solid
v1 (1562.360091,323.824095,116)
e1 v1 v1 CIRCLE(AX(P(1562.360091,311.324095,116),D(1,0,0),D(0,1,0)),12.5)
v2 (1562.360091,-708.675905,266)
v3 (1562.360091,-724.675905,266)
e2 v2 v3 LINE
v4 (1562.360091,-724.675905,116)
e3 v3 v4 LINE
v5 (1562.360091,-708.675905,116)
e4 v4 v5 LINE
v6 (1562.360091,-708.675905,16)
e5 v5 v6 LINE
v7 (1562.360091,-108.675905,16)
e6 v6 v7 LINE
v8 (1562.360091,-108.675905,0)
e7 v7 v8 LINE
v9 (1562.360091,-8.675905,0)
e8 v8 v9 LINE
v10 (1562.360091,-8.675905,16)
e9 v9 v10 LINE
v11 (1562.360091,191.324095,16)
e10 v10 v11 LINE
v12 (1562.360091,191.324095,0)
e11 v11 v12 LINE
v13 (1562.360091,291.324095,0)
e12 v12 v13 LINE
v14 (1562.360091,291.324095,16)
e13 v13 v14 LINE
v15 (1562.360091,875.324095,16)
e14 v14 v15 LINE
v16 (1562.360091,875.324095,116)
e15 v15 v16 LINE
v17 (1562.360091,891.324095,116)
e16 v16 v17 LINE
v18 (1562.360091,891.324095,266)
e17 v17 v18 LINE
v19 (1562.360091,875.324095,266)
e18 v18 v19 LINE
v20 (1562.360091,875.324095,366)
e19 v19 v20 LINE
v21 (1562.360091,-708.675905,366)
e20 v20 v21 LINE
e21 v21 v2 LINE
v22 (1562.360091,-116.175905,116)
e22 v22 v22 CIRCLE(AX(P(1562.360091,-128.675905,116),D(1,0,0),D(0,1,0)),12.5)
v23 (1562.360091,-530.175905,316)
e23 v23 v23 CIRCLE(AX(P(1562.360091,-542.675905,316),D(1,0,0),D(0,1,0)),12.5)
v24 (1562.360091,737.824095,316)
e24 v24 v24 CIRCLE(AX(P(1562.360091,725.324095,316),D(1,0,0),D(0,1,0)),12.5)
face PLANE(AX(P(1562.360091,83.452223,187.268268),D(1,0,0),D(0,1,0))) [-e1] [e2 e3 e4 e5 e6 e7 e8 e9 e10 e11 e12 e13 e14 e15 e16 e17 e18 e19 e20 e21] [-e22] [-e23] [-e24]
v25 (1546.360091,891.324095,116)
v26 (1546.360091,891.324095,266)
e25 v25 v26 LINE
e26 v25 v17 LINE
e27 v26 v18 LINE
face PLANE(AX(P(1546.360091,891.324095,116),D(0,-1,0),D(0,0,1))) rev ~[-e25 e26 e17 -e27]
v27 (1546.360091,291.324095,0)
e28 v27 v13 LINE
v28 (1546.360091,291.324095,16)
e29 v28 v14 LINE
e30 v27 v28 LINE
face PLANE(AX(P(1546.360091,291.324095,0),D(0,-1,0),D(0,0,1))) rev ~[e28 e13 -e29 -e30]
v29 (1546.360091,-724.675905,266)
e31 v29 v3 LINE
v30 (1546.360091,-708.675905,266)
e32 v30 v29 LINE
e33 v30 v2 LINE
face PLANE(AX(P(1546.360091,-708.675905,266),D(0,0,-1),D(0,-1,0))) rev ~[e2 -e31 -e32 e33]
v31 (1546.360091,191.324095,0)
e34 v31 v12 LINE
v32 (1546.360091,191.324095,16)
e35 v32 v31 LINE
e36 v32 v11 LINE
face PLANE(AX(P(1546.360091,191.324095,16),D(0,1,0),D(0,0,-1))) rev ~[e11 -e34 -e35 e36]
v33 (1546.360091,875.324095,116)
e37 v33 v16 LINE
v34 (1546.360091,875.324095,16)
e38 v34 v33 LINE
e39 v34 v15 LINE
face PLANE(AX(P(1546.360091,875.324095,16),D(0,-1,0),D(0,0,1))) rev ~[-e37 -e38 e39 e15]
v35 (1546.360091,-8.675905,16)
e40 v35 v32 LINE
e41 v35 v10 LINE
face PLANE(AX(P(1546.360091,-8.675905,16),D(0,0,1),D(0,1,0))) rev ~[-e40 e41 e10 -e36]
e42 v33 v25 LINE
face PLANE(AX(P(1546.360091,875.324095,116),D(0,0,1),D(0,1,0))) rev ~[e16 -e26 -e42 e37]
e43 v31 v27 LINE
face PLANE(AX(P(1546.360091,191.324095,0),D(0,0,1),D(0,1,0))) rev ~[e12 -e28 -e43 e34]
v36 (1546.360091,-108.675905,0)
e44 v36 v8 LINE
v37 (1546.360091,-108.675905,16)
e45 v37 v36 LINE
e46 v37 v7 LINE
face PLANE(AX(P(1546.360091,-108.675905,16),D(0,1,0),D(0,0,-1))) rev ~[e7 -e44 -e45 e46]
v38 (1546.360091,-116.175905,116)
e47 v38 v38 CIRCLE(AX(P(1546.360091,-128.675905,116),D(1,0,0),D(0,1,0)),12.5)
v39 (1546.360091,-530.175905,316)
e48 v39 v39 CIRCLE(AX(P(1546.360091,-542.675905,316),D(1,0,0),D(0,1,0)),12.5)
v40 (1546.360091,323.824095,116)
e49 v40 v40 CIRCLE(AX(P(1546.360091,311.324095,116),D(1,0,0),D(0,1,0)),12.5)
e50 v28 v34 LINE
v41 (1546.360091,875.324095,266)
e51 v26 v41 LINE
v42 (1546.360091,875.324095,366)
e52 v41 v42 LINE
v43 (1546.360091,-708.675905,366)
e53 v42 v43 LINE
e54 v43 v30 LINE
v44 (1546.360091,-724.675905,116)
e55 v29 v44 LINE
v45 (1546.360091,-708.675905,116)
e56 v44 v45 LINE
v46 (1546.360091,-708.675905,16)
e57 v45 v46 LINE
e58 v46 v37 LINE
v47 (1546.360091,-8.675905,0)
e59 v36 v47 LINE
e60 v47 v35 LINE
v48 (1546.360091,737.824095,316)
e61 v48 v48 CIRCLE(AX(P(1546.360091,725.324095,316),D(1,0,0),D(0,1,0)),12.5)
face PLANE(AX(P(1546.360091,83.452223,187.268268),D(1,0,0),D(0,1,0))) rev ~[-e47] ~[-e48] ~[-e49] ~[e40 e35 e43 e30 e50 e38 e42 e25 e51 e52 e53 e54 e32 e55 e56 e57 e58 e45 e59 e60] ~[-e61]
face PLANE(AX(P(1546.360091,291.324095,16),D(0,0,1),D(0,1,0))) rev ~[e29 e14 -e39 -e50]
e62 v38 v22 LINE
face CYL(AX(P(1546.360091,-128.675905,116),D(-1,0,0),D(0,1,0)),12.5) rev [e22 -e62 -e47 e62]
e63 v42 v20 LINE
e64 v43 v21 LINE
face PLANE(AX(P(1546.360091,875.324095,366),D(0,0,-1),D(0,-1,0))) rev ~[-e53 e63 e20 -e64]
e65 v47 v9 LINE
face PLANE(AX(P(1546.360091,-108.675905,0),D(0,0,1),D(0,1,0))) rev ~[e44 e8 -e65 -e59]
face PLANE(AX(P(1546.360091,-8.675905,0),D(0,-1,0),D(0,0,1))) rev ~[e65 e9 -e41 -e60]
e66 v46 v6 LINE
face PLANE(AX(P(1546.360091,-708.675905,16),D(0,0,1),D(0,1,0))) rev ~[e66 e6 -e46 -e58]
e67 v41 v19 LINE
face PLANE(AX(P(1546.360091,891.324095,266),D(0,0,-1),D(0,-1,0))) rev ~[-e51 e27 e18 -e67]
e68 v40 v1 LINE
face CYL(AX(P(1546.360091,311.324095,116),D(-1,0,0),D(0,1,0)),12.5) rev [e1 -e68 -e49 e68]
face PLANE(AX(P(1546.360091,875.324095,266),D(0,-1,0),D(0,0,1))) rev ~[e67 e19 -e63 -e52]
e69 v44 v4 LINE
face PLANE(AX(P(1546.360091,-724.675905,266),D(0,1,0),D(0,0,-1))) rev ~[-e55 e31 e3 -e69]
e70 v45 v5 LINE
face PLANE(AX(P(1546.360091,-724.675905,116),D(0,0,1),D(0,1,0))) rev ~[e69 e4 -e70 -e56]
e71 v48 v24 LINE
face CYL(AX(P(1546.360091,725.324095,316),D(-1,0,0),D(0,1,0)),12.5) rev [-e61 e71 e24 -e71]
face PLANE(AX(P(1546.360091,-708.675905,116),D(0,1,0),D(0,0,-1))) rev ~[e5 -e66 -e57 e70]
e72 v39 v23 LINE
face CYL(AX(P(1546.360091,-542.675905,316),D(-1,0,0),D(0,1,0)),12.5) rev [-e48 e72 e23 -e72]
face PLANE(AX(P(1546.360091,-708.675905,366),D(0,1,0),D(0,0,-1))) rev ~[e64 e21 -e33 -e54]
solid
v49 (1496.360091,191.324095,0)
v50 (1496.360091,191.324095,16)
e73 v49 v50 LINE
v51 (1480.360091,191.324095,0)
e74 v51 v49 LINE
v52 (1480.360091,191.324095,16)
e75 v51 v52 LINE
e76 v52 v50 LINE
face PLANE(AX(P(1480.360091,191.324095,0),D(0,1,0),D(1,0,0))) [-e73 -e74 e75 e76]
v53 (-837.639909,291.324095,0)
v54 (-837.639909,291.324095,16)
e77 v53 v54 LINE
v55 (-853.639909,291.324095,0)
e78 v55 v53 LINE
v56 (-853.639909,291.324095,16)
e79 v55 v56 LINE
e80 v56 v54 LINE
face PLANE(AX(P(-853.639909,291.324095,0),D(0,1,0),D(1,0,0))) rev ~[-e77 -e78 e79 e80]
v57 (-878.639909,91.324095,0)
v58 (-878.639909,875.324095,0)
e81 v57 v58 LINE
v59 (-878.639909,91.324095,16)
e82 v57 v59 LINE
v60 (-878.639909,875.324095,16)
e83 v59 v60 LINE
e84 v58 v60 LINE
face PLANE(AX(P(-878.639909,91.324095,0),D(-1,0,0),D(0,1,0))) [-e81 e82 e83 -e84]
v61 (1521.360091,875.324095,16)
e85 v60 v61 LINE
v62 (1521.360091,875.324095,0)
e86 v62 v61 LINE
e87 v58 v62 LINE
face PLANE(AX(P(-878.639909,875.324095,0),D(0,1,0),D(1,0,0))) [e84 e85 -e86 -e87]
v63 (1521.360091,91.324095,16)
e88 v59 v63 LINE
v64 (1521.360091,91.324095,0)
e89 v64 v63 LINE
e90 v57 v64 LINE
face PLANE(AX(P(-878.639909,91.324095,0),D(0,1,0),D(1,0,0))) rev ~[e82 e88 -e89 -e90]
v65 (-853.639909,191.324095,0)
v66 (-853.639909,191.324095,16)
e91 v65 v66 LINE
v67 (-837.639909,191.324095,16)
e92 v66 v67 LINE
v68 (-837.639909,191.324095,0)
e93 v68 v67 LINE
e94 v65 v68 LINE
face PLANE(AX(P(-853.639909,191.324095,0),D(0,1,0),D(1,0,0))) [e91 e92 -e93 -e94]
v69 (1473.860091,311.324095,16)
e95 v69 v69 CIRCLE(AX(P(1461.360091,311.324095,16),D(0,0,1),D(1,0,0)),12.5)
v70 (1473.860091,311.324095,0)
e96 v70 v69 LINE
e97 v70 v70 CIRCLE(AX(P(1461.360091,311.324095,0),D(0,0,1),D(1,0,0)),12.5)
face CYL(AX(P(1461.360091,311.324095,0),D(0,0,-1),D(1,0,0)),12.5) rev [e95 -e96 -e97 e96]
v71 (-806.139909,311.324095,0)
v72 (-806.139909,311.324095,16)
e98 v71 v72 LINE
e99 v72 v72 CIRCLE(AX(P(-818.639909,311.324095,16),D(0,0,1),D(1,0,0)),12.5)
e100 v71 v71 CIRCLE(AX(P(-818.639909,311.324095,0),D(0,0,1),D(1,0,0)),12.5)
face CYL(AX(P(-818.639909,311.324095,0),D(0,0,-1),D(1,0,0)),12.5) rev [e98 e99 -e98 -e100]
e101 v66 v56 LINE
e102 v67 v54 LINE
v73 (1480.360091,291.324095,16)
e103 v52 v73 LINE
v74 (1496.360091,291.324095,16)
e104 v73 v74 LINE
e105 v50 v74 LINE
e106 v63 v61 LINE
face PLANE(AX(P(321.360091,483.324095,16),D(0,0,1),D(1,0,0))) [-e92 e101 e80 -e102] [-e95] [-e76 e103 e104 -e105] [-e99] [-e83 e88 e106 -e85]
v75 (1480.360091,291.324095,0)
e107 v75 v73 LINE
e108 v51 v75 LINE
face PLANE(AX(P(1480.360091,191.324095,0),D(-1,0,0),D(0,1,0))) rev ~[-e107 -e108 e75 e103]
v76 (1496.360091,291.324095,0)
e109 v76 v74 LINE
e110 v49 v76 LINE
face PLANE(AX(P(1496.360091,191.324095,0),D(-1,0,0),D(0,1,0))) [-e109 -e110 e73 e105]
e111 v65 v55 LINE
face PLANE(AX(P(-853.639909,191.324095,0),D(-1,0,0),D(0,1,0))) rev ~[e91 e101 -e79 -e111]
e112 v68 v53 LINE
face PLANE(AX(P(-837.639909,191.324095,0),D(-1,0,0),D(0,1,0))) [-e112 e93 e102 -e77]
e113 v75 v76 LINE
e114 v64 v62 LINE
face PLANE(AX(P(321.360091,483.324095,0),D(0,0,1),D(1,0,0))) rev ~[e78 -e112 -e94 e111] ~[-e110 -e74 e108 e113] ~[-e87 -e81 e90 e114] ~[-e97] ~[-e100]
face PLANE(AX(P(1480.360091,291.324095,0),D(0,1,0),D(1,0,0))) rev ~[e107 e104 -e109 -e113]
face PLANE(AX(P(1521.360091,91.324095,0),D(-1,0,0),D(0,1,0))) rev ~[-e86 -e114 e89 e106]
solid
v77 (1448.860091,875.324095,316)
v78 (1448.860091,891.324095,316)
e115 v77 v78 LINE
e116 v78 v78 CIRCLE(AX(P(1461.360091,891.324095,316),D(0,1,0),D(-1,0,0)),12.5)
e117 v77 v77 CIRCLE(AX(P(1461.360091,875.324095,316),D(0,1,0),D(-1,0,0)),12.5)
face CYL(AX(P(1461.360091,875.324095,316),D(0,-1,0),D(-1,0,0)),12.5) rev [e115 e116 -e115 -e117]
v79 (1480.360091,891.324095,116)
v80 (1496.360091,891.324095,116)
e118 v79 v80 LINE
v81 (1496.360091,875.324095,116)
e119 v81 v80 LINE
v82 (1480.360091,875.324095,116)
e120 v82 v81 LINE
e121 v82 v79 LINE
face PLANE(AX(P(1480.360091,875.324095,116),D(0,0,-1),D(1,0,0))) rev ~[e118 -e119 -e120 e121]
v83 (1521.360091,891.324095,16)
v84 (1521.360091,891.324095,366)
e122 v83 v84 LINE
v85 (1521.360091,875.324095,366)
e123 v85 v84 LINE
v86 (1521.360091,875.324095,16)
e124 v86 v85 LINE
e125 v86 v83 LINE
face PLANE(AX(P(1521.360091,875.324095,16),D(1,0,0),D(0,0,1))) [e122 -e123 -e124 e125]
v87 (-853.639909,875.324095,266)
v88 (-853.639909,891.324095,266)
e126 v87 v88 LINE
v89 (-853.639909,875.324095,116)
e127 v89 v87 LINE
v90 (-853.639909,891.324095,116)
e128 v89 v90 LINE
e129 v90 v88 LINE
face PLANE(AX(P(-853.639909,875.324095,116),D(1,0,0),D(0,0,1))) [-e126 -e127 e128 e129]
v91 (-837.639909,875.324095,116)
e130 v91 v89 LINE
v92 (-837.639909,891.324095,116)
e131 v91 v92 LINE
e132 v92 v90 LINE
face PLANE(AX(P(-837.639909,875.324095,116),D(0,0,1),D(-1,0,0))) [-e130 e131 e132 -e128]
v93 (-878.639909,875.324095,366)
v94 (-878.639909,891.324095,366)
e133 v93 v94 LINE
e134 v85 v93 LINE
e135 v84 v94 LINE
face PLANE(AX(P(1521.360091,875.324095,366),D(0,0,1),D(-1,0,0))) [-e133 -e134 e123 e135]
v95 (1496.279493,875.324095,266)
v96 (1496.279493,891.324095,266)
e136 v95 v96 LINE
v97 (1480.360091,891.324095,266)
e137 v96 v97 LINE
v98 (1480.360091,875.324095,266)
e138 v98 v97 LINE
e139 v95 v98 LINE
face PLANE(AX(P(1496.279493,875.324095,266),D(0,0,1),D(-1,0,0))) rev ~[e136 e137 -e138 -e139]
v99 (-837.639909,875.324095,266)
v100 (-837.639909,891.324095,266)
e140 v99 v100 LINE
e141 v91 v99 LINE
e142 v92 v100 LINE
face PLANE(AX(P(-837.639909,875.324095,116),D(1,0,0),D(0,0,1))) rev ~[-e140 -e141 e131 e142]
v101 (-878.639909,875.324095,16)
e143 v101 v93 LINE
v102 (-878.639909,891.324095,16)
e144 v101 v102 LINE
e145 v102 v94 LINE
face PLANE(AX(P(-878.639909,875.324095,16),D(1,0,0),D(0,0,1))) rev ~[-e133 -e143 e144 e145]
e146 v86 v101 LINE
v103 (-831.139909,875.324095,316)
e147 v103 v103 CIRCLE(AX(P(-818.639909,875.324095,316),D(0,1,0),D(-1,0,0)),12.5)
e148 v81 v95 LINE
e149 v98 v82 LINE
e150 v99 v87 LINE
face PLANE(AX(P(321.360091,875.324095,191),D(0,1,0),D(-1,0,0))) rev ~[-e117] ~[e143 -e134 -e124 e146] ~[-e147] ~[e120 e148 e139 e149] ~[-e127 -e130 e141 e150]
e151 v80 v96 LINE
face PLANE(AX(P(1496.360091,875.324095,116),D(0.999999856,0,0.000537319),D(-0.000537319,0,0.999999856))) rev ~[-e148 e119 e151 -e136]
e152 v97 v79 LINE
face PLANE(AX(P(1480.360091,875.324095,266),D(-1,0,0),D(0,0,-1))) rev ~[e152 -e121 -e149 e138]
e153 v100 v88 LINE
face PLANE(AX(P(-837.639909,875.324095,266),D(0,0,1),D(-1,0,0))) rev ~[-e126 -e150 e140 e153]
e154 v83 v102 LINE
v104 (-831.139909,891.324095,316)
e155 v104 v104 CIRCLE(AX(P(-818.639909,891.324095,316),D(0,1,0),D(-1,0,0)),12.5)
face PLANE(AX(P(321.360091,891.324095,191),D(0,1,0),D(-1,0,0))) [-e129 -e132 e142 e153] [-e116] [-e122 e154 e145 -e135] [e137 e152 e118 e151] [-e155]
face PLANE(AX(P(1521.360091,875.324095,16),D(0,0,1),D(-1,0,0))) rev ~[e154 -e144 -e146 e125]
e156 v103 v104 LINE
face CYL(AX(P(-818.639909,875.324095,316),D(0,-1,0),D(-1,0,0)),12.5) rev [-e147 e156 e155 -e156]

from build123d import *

# Parameters (mm, degrees)
F0_W     = 2400
F0_H     = 784
F0_W_2   = 16
F0_H_2   = 100
F0_R     = 12.5
F1_DEPTH = 16
F2_W     = 2400
F2_H     = 350
F2_R     = 12.5
F2_W_2   = 16
F2_H_2   = 150
F3_DEPTH = 16
F5_R     = 12.5
F6_DEPTH = 16


with BuildPart() as f1:
    # F0 (on Top) → F1 (new body)
    with BuildSketch(Plane.XY):
        with Locations((321.3600905152, 483.3240949462)):
            Rectangle(F0_W, F0_H)
        with Locations((-845.6399094848, 241.3240949462)):
            Rectangle(F0_W_2, F0_H_2, mode=Mode.SUBTRACT)
        with Locations((-818.6399094848, 311.3240949462)):
            Circle(F0_R, mode=Mode.SUBTRACT)
        with Locations((1488.3600905152, 241.3240949462)):
            Rectangle(F0_W_2, F0_H_2, mode=Mode.SUBTRACT)
        with Locations((1461.3600905152, 311.3240949462)):
            Circle(F0_R, mode=Mode.SUBTRACT)
    extrude(amount=F1_DEPTH)


with BuildPart() as f3:
    # F2 (on face) → F3 (new body)
    with BuildSketch(Plane(origin=(0, 875.3240949462, 0), x_dir=(-1, 0, 0), z_dir=(0, 1, 0))):
        with Locations((-321.3600905152, 191)):
            Rectangle(F2_W, F2_H)
        Polygon((-1480.3600905152, 266), (-1480.3600905152, 116), (-1496.3600905152, 116), (-1496.279492721, 266), align=None, mode=Mode.SUBTRACT)
        with Locations((-1461.3600905152, 316)):
            Circle(F2_R, mode=Mode.SUBTRACT)
        with Locations((845.6399094848, 191)):
            Rectangle(F2_W_2, F2_H_2, mode=Mode.SUBTRACT)
        with Locations((818.6399094848, 316)):
            Circle(F2_R, mode=Mode.SUBTRACT)
    extrude(amount=F3_DEPTH)


with BuildPart() as f6:
    # F5 (on offset) → F6 (new body)
    with BuildSketch(Plane.YZ.offset(1546.3600905152)):
        Polygon((91.3240949462, 16), (191.3240949462, 16), (191.3240949462, 0), (291.3240949462, 0), (291.3240949462, 16), (875.3240949462, 16), (875.3240949462, 116), (891.3240949462, 116), (891.3240949462, 266), (875.3240949462, 266), (875.3240949462, 366), (91.3240949462, 366), (-708.6759050538, 366), (-708.6759050538, 266), (-724.6759050538, 266), (-724.6759050538, 116), (-708.6759050538, 116), (-708.6759050538, 16), (-108.6759050538, 16), (-108.6759050538, 0), (-8.6759050538, 0), (-8.6759050538, 16), align=None)
        with Locations((-128.6759050538, 116)):
            Circle(F5_R, mode=Mode.SUBTRACT)
        with Locations((311.3240949462, 116)):
            Circle(F5_R, mode=Mode.SUBTRACT)
        with Locations((-542.6759050538, 316)):
            Circle(F5_R, mode=Mode.SUBTRACT)
        with Locations((725.3240949462, 316)):
            Circle(F5_R, mode=Mode.SUBTRACT)
    extrude(amount=F6_DEPTH)


solid = Compound([f1.part, f3.part, f6.part])
